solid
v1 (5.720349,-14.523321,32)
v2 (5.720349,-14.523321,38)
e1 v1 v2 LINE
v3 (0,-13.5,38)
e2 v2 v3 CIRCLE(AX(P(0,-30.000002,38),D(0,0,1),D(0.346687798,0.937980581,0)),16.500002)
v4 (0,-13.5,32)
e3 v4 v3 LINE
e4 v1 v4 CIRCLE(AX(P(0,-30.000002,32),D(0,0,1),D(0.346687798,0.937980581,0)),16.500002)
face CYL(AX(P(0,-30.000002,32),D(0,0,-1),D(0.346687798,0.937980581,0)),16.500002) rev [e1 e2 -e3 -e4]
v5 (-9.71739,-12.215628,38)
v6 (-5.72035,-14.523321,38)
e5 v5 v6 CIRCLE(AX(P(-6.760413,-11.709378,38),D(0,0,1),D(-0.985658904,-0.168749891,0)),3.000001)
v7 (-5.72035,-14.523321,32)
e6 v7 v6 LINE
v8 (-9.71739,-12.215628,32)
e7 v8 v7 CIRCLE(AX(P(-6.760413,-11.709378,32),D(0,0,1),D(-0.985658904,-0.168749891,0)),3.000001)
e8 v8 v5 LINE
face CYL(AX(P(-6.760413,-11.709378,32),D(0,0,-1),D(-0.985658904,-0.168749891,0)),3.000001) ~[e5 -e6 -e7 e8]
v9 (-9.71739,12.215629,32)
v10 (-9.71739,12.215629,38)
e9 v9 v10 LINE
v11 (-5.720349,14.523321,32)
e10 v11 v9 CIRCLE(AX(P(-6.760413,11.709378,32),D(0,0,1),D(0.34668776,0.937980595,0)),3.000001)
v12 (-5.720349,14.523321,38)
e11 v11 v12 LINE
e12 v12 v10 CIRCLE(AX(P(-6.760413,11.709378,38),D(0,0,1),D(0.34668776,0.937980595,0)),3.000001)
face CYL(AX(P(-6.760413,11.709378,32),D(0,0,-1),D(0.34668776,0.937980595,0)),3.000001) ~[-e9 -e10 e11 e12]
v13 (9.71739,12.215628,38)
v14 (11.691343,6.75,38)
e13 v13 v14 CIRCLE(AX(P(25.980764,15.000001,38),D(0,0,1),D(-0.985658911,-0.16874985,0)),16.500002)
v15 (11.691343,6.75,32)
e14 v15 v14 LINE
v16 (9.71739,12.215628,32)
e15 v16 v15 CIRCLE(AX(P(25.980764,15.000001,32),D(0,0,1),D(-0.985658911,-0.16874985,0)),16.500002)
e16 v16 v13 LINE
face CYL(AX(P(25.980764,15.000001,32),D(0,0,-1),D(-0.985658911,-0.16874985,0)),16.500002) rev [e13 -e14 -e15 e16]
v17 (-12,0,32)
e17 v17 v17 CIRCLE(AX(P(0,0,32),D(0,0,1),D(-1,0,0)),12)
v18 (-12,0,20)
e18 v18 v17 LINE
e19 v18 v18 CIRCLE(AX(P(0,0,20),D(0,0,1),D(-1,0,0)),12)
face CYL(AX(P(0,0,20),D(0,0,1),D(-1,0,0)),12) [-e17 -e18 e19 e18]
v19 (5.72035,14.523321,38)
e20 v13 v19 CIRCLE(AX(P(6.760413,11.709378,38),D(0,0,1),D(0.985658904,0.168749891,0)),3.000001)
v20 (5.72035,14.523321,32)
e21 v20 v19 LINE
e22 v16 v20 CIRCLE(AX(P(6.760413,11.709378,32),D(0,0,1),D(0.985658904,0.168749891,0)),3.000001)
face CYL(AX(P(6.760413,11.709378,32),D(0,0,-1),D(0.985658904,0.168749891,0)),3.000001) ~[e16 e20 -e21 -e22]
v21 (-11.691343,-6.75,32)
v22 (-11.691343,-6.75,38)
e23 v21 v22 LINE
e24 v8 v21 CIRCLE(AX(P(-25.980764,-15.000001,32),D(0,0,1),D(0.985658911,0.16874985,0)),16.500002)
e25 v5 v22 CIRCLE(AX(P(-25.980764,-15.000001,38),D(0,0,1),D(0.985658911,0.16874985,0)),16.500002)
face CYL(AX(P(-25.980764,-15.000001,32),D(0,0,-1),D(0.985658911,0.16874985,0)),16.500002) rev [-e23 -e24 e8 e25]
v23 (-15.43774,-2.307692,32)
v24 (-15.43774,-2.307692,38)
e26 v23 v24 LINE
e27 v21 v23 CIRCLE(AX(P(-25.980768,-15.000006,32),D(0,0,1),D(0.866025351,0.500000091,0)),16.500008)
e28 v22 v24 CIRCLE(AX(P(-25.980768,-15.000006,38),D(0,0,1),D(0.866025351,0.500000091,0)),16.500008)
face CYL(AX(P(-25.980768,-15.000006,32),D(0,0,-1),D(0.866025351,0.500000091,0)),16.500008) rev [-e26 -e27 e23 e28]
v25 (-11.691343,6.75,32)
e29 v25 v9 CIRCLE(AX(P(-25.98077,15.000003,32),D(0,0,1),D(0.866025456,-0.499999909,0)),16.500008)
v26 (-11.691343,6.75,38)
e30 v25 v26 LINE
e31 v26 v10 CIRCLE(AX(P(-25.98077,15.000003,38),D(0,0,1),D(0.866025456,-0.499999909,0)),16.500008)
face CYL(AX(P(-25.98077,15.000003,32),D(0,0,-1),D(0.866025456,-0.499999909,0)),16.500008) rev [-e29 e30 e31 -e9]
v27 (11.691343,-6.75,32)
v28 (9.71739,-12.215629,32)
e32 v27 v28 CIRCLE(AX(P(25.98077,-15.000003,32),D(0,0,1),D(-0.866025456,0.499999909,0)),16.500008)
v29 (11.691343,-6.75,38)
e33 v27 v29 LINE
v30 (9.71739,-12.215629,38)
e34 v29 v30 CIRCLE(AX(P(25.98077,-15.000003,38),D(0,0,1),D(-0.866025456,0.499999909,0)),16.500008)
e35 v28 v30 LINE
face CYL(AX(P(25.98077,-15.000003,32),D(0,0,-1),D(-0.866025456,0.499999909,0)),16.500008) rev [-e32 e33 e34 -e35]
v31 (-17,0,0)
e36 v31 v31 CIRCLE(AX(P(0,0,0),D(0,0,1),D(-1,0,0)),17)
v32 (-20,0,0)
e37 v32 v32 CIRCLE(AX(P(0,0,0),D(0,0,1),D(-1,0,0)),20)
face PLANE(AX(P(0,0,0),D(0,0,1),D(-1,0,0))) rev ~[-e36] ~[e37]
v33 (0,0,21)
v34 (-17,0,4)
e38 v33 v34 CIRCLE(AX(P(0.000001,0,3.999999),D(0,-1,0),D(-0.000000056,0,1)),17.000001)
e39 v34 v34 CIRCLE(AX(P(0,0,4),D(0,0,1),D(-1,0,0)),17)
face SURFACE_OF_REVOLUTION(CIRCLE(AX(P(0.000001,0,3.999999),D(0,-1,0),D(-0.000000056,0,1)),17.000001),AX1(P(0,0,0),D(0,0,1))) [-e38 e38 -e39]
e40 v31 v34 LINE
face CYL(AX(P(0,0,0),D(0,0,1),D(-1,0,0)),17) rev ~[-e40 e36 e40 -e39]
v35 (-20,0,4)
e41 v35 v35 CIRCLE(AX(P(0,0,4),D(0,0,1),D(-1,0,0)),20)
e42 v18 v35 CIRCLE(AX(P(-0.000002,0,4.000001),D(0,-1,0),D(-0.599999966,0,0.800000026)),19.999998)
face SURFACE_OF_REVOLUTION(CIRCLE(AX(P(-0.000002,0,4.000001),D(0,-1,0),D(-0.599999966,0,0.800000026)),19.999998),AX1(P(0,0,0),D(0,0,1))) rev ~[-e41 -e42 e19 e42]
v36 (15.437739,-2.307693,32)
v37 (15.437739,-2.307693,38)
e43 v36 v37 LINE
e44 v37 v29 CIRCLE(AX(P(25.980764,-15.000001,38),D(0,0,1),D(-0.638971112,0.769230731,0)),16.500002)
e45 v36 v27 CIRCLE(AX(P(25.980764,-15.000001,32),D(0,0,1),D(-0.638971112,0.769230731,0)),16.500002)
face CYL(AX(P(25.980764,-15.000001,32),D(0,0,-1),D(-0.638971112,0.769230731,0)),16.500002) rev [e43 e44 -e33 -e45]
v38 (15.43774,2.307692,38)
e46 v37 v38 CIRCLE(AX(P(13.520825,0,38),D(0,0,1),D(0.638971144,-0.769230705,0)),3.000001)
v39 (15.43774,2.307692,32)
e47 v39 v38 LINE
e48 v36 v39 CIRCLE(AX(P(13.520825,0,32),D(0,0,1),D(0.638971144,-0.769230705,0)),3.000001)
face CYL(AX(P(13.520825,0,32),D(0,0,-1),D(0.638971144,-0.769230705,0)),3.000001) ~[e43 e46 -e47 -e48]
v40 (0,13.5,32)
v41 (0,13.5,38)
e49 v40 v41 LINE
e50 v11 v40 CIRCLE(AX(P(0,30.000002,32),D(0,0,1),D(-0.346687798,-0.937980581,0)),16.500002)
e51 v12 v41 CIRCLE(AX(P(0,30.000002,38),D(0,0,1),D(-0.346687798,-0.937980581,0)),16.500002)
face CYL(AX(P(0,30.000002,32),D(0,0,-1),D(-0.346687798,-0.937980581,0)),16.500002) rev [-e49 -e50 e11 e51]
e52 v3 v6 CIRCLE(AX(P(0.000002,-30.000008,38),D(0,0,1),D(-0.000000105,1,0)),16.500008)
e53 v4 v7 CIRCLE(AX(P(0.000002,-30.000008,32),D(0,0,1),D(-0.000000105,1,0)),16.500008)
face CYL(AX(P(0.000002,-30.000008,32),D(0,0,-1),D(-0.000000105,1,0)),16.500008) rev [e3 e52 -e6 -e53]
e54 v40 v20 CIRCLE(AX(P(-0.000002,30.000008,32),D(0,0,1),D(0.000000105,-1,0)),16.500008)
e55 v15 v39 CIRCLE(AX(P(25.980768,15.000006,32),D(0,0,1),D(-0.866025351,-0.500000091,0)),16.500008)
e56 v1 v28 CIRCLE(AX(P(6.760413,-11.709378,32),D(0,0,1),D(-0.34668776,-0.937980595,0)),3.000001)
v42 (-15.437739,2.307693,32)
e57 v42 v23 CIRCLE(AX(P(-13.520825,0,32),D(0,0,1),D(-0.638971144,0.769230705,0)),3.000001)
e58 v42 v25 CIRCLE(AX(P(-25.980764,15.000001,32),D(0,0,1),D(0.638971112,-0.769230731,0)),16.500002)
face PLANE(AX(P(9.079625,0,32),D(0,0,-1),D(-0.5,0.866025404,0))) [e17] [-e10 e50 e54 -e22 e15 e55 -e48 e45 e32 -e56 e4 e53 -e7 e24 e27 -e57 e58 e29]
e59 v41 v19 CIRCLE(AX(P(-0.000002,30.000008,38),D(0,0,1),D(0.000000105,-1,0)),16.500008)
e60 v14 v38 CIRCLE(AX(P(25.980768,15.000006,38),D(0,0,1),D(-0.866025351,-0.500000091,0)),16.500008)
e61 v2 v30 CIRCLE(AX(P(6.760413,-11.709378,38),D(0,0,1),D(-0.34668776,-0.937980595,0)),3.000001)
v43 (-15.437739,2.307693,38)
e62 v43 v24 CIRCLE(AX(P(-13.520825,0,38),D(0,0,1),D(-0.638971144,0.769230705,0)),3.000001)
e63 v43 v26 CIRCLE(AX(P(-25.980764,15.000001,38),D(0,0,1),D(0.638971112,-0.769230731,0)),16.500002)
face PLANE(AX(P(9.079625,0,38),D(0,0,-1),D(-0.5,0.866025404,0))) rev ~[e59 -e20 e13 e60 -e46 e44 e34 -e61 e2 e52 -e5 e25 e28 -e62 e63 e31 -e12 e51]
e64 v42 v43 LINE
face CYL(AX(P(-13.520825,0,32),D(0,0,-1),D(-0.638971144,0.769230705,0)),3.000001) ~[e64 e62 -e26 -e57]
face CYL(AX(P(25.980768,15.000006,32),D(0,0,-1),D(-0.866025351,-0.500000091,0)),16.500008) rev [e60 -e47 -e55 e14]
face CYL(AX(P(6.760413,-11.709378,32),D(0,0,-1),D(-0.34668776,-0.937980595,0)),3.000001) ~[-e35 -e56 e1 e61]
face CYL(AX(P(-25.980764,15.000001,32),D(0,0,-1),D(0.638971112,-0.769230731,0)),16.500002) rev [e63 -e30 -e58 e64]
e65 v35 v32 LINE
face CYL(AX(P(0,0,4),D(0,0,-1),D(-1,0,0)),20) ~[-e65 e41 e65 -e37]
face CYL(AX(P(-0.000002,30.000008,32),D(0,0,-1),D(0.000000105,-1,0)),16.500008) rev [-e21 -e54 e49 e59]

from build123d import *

# Parameters (mm, degrees)
PAD001_DEPTH       = 6
POLARPATTERN_COUNT = 6


with BuildPart() as part:
    # Sketch (on XZ_Plane of Origin) → Revolution (revolve)
    with BuildSketch(Plane.XZ):
        with BuildLine():
            Line((0, 32), (0, 21))
            ThreePointArc((0, 21), (-12.020815, 16.020815), (-17, 4))
            Line((-17, 0), (-17, 4))
            Line((-20, 0), (-17, 0))
            Line((-20, 4), (-20, 0))
            ThreePointArc((-12, 20), (-17.888544, 12.944272), (-20, 4))
            Line((-12, 20), (-12, 32))
            Line((-12, 32), (0, 32))
        make_face()
    revolve(axis=Axis((0, 0, 0), (0, 0, 1)))

    # Sketch001 (on Face2 of Revolution) → Pad001 (new body)
    with BuildSketch(Plane.XY.offset(32)):
        with BuildLine():
            ThreePointArc((0, 13.5), (2.90558, 13.757845), (5.72035, 14.523321))
            ThreePointArc((9.71739, 12.215628), (8.260413, 14.307455), (5.72035, 14.523321))
            ThreePointArc((9.71739, 12.215628), (10.461853, 9.395229), (11.691343, 6.75))
            Line((0, 0), (11.691343, 6.75))
            Line((0, 13.5), (0, 0))
        make_face()
    pad001 = extrude(amount=PAD001_DEPTH)

    # PolarPattern: Pad001 ×6 about axis
    polarpattern_axis = Axis((0, 0, 32), (0, 0, 1))
    for i in range(1, POLARPATTERN_COUNT):
        add(pad001.rotate(polarpattern_axis, i * 360 / POLARPATTERN_COUNT))


solid = part.part
